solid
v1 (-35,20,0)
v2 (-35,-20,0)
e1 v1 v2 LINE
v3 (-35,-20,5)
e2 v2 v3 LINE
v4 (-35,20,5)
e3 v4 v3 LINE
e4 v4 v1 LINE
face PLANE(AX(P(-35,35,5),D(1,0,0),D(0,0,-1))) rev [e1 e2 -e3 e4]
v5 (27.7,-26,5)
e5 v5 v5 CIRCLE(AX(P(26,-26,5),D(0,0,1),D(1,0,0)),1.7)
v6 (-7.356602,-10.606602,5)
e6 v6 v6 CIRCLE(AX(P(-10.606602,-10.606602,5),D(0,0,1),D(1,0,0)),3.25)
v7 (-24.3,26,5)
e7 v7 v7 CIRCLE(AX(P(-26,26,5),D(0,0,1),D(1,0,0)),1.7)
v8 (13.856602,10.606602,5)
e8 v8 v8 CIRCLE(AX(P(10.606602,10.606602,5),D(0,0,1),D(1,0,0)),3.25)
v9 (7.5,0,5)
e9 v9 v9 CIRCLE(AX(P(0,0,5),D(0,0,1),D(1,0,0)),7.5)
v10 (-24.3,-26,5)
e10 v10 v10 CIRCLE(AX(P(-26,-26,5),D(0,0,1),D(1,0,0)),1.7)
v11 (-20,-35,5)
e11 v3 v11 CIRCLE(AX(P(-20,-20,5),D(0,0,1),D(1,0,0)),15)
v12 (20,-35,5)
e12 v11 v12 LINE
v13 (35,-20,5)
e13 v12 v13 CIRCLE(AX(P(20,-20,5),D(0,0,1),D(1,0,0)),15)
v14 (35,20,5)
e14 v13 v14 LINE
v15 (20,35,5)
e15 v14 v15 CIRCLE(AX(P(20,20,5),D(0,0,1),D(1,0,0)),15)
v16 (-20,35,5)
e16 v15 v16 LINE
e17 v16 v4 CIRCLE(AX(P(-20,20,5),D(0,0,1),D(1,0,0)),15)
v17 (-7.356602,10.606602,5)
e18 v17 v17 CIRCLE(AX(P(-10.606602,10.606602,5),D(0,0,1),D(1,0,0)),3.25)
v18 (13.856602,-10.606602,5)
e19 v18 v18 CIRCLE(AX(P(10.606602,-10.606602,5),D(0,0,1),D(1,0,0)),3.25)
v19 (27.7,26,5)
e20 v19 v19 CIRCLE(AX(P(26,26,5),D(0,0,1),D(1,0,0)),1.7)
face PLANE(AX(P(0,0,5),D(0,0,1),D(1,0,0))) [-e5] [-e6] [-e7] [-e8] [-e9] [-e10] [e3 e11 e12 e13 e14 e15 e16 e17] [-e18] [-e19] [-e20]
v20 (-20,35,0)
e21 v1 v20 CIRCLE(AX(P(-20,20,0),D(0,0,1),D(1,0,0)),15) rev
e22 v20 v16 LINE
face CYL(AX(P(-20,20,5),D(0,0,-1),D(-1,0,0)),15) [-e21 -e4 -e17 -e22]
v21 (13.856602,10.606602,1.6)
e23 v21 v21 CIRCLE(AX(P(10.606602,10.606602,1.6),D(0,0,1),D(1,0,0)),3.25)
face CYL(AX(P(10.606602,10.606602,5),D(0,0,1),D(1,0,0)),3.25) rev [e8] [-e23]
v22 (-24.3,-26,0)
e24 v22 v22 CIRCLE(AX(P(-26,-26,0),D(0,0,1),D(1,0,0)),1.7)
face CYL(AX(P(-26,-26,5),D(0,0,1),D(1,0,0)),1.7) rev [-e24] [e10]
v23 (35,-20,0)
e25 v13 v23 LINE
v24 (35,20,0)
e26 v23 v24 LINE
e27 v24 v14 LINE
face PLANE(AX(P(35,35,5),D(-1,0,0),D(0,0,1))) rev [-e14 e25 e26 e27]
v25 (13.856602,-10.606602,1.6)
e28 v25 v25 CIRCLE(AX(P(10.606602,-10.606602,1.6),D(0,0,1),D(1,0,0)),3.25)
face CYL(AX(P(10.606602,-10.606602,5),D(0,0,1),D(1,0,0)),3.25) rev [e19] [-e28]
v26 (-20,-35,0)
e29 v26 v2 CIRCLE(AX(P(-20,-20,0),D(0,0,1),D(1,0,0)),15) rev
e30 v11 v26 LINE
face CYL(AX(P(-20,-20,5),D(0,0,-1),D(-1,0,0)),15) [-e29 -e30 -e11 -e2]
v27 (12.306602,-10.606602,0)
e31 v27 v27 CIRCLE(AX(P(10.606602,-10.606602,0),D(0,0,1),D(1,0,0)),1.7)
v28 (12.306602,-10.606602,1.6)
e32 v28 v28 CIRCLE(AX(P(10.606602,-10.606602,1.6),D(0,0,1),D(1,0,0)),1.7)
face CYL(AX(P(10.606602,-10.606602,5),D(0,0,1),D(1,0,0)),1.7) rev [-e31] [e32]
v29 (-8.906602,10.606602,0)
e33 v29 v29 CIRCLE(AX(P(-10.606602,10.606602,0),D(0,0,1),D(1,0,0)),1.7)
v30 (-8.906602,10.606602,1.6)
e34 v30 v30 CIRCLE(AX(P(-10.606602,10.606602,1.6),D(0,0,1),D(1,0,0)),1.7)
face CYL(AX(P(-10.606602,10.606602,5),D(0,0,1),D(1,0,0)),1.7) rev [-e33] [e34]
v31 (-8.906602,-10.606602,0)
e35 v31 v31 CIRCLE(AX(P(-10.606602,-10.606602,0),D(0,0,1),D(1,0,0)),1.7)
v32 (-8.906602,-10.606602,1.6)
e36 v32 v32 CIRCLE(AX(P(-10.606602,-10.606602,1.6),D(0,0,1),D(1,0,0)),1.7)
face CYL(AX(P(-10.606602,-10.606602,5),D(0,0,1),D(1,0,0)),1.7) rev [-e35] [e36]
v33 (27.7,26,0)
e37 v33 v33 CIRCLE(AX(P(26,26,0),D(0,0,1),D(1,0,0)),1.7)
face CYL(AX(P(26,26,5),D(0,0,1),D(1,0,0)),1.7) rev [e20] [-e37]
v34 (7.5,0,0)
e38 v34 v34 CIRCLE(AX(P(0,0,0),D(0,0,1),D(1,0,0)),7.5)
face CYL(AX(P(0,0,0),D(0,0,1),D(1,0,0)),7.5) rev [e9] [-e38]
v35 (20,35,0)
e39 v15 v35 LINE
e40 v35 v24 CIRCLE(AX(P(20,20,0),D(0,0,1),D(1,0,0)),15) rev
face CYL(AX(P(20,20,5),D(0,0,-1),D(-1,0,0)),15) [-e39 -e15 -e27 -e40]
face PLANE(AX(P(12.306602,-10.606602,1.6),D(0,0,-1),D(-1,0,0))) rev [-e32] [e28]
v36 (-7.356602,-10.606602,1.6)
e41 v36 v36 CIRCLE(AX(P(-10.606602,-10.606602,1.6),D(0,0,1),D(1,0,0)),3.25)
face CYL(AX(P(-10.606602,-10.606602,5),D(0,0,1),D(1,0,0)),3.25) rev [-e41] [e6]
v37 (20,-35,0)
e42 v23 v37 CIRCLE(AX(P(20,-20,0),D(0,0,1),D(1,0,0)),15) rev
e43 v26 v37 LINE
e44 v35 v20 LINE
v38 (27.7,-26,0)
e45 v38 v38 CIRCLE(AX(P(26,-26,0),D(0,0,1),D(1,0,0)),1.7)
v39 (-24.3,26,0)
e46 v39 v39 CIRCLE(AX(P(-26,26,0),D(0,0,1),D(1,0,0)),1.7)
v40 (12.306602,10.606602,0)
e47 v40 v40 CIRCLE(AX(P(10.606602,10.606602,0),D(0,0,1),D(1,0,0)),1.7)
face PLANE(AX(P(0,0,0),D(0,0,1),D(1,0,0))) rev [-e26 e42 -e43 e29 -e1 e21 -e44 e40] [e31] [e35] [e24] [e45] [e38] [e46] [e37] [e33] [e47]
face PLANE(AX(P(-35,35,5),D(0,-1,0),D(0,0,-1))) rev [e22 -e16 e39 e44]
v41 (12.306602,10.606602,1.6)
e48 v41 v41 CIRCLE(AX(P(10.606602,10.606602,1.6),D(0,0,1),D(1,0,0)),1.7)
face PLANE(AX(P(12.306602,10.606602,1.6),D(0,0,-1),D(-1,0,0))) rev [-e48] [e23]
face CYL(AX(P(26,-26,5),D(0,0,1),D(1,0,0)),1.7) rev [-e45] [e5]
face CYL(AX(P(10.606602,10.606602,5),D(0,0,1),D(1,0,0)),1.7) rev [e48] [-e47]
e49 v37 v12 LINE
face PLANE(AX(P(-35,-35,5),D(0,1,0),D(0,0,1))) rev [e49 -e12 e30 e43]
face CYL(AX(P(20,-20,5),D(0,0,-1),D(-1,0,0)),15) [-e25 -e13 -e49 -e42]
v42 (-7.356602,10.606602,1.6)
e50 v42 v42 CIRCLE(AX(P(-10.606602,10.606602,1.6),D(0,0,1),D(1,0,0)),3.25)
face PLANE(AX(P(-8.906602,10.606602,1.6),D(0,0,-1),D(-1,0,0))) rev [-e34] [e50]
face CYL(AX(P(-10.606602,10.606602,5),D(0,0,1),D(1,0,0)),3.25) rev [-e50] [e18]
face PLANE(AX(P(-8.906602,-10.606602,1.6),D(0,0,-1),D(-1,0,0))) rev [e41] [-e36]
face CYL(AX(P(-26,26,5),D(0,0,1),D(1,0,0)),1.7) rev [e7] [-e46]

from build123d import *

# Parameters (mm, degrees)
SKETCH1_W                                           = 70
SKETCH1_H                                           = 70
BOSS_EXTRUDE1_DEPTH                                 = 5
FILLET1_R                                           = 15
CBORE_FOR_M3_HEX_SOCKET_HEAD_CAP_SCREW1_D           = 3.4
CBORE_FOR_M3_HEX_SOCKET_HEAD_CAP_SCREW1_CBORE_D     = 6.5
CBORE_FOR_M3_HEX_SOCKET_HEAD_CAP_SCREW1_CBORE_DEPTH = 3.4
SKETCH5_R                                           = 7.5
CUT_EXTRUDE1_DEPTH                                  = 6
M3_CLEARANCE_HOLE1_D                                = 3.4


with BuildPart() as part:
    # Sketch1 → Boss-Extrude1 (new body)
    with BuildSketch(Plane.XY):
        Rectangle(SKETCH1_W, SKETCH1_H)
    extrude(amount=BOSS_EXTRUDE1_DEPTH)

    # Fillet1
    fillet1_edges = [part.edges().sort_by_distance(p)[0] for p in [
        (35, -35, 2.5),
        (-35, -35, 2.5),
        (-35, 35, 2.5),
        (35, 35, 2.5),
    ]]
    fillet(fillet1_edges, radius=FILLET1_R)

    # CBORE for M3 Hex Socket Head Cap Screw1 (through all)
    with Locations(Plane.XY.offset(5)):
        with Locations((-10.606601718, -10.606601718), (-10.606601718, 10.606601718), (10.606601718, 10.606601718), (10.606601718, -10.606601718)):
            CounterBoreHole(CBORE_FOR_M3_HEX_SOCKET_HEAD_CAP_SCREW1_D / 2, CBORE_FOR_M3_HEX_SOCKET_HEAD_CAP_SCREW1_CBORE_D / 2, CBORE_FOR_M3_HEX_SOCKET_HEAD_CAP_SCREW1_CBORE_DEPTH)

    # Sketch5 → Cut-Extrude1 (cut, through all)
    with BuildSketch(Plane.XY.offset(5)):
        Circle(SKETCH5_R)
    extrude(amount=-CUT_EXTRUDE1_DEPTH, mode=Mode.SUBTRACT)

    # M3 Clearance Hole1 (through all)
    with Locations(Plane.XY.offset(5)):
        with Locations((26, 26), (-26, 26), (-26, -26), (26, -26)):
            Hole(M3_CLEARANCE_HOLE1_D / 2)


solid = part.part
